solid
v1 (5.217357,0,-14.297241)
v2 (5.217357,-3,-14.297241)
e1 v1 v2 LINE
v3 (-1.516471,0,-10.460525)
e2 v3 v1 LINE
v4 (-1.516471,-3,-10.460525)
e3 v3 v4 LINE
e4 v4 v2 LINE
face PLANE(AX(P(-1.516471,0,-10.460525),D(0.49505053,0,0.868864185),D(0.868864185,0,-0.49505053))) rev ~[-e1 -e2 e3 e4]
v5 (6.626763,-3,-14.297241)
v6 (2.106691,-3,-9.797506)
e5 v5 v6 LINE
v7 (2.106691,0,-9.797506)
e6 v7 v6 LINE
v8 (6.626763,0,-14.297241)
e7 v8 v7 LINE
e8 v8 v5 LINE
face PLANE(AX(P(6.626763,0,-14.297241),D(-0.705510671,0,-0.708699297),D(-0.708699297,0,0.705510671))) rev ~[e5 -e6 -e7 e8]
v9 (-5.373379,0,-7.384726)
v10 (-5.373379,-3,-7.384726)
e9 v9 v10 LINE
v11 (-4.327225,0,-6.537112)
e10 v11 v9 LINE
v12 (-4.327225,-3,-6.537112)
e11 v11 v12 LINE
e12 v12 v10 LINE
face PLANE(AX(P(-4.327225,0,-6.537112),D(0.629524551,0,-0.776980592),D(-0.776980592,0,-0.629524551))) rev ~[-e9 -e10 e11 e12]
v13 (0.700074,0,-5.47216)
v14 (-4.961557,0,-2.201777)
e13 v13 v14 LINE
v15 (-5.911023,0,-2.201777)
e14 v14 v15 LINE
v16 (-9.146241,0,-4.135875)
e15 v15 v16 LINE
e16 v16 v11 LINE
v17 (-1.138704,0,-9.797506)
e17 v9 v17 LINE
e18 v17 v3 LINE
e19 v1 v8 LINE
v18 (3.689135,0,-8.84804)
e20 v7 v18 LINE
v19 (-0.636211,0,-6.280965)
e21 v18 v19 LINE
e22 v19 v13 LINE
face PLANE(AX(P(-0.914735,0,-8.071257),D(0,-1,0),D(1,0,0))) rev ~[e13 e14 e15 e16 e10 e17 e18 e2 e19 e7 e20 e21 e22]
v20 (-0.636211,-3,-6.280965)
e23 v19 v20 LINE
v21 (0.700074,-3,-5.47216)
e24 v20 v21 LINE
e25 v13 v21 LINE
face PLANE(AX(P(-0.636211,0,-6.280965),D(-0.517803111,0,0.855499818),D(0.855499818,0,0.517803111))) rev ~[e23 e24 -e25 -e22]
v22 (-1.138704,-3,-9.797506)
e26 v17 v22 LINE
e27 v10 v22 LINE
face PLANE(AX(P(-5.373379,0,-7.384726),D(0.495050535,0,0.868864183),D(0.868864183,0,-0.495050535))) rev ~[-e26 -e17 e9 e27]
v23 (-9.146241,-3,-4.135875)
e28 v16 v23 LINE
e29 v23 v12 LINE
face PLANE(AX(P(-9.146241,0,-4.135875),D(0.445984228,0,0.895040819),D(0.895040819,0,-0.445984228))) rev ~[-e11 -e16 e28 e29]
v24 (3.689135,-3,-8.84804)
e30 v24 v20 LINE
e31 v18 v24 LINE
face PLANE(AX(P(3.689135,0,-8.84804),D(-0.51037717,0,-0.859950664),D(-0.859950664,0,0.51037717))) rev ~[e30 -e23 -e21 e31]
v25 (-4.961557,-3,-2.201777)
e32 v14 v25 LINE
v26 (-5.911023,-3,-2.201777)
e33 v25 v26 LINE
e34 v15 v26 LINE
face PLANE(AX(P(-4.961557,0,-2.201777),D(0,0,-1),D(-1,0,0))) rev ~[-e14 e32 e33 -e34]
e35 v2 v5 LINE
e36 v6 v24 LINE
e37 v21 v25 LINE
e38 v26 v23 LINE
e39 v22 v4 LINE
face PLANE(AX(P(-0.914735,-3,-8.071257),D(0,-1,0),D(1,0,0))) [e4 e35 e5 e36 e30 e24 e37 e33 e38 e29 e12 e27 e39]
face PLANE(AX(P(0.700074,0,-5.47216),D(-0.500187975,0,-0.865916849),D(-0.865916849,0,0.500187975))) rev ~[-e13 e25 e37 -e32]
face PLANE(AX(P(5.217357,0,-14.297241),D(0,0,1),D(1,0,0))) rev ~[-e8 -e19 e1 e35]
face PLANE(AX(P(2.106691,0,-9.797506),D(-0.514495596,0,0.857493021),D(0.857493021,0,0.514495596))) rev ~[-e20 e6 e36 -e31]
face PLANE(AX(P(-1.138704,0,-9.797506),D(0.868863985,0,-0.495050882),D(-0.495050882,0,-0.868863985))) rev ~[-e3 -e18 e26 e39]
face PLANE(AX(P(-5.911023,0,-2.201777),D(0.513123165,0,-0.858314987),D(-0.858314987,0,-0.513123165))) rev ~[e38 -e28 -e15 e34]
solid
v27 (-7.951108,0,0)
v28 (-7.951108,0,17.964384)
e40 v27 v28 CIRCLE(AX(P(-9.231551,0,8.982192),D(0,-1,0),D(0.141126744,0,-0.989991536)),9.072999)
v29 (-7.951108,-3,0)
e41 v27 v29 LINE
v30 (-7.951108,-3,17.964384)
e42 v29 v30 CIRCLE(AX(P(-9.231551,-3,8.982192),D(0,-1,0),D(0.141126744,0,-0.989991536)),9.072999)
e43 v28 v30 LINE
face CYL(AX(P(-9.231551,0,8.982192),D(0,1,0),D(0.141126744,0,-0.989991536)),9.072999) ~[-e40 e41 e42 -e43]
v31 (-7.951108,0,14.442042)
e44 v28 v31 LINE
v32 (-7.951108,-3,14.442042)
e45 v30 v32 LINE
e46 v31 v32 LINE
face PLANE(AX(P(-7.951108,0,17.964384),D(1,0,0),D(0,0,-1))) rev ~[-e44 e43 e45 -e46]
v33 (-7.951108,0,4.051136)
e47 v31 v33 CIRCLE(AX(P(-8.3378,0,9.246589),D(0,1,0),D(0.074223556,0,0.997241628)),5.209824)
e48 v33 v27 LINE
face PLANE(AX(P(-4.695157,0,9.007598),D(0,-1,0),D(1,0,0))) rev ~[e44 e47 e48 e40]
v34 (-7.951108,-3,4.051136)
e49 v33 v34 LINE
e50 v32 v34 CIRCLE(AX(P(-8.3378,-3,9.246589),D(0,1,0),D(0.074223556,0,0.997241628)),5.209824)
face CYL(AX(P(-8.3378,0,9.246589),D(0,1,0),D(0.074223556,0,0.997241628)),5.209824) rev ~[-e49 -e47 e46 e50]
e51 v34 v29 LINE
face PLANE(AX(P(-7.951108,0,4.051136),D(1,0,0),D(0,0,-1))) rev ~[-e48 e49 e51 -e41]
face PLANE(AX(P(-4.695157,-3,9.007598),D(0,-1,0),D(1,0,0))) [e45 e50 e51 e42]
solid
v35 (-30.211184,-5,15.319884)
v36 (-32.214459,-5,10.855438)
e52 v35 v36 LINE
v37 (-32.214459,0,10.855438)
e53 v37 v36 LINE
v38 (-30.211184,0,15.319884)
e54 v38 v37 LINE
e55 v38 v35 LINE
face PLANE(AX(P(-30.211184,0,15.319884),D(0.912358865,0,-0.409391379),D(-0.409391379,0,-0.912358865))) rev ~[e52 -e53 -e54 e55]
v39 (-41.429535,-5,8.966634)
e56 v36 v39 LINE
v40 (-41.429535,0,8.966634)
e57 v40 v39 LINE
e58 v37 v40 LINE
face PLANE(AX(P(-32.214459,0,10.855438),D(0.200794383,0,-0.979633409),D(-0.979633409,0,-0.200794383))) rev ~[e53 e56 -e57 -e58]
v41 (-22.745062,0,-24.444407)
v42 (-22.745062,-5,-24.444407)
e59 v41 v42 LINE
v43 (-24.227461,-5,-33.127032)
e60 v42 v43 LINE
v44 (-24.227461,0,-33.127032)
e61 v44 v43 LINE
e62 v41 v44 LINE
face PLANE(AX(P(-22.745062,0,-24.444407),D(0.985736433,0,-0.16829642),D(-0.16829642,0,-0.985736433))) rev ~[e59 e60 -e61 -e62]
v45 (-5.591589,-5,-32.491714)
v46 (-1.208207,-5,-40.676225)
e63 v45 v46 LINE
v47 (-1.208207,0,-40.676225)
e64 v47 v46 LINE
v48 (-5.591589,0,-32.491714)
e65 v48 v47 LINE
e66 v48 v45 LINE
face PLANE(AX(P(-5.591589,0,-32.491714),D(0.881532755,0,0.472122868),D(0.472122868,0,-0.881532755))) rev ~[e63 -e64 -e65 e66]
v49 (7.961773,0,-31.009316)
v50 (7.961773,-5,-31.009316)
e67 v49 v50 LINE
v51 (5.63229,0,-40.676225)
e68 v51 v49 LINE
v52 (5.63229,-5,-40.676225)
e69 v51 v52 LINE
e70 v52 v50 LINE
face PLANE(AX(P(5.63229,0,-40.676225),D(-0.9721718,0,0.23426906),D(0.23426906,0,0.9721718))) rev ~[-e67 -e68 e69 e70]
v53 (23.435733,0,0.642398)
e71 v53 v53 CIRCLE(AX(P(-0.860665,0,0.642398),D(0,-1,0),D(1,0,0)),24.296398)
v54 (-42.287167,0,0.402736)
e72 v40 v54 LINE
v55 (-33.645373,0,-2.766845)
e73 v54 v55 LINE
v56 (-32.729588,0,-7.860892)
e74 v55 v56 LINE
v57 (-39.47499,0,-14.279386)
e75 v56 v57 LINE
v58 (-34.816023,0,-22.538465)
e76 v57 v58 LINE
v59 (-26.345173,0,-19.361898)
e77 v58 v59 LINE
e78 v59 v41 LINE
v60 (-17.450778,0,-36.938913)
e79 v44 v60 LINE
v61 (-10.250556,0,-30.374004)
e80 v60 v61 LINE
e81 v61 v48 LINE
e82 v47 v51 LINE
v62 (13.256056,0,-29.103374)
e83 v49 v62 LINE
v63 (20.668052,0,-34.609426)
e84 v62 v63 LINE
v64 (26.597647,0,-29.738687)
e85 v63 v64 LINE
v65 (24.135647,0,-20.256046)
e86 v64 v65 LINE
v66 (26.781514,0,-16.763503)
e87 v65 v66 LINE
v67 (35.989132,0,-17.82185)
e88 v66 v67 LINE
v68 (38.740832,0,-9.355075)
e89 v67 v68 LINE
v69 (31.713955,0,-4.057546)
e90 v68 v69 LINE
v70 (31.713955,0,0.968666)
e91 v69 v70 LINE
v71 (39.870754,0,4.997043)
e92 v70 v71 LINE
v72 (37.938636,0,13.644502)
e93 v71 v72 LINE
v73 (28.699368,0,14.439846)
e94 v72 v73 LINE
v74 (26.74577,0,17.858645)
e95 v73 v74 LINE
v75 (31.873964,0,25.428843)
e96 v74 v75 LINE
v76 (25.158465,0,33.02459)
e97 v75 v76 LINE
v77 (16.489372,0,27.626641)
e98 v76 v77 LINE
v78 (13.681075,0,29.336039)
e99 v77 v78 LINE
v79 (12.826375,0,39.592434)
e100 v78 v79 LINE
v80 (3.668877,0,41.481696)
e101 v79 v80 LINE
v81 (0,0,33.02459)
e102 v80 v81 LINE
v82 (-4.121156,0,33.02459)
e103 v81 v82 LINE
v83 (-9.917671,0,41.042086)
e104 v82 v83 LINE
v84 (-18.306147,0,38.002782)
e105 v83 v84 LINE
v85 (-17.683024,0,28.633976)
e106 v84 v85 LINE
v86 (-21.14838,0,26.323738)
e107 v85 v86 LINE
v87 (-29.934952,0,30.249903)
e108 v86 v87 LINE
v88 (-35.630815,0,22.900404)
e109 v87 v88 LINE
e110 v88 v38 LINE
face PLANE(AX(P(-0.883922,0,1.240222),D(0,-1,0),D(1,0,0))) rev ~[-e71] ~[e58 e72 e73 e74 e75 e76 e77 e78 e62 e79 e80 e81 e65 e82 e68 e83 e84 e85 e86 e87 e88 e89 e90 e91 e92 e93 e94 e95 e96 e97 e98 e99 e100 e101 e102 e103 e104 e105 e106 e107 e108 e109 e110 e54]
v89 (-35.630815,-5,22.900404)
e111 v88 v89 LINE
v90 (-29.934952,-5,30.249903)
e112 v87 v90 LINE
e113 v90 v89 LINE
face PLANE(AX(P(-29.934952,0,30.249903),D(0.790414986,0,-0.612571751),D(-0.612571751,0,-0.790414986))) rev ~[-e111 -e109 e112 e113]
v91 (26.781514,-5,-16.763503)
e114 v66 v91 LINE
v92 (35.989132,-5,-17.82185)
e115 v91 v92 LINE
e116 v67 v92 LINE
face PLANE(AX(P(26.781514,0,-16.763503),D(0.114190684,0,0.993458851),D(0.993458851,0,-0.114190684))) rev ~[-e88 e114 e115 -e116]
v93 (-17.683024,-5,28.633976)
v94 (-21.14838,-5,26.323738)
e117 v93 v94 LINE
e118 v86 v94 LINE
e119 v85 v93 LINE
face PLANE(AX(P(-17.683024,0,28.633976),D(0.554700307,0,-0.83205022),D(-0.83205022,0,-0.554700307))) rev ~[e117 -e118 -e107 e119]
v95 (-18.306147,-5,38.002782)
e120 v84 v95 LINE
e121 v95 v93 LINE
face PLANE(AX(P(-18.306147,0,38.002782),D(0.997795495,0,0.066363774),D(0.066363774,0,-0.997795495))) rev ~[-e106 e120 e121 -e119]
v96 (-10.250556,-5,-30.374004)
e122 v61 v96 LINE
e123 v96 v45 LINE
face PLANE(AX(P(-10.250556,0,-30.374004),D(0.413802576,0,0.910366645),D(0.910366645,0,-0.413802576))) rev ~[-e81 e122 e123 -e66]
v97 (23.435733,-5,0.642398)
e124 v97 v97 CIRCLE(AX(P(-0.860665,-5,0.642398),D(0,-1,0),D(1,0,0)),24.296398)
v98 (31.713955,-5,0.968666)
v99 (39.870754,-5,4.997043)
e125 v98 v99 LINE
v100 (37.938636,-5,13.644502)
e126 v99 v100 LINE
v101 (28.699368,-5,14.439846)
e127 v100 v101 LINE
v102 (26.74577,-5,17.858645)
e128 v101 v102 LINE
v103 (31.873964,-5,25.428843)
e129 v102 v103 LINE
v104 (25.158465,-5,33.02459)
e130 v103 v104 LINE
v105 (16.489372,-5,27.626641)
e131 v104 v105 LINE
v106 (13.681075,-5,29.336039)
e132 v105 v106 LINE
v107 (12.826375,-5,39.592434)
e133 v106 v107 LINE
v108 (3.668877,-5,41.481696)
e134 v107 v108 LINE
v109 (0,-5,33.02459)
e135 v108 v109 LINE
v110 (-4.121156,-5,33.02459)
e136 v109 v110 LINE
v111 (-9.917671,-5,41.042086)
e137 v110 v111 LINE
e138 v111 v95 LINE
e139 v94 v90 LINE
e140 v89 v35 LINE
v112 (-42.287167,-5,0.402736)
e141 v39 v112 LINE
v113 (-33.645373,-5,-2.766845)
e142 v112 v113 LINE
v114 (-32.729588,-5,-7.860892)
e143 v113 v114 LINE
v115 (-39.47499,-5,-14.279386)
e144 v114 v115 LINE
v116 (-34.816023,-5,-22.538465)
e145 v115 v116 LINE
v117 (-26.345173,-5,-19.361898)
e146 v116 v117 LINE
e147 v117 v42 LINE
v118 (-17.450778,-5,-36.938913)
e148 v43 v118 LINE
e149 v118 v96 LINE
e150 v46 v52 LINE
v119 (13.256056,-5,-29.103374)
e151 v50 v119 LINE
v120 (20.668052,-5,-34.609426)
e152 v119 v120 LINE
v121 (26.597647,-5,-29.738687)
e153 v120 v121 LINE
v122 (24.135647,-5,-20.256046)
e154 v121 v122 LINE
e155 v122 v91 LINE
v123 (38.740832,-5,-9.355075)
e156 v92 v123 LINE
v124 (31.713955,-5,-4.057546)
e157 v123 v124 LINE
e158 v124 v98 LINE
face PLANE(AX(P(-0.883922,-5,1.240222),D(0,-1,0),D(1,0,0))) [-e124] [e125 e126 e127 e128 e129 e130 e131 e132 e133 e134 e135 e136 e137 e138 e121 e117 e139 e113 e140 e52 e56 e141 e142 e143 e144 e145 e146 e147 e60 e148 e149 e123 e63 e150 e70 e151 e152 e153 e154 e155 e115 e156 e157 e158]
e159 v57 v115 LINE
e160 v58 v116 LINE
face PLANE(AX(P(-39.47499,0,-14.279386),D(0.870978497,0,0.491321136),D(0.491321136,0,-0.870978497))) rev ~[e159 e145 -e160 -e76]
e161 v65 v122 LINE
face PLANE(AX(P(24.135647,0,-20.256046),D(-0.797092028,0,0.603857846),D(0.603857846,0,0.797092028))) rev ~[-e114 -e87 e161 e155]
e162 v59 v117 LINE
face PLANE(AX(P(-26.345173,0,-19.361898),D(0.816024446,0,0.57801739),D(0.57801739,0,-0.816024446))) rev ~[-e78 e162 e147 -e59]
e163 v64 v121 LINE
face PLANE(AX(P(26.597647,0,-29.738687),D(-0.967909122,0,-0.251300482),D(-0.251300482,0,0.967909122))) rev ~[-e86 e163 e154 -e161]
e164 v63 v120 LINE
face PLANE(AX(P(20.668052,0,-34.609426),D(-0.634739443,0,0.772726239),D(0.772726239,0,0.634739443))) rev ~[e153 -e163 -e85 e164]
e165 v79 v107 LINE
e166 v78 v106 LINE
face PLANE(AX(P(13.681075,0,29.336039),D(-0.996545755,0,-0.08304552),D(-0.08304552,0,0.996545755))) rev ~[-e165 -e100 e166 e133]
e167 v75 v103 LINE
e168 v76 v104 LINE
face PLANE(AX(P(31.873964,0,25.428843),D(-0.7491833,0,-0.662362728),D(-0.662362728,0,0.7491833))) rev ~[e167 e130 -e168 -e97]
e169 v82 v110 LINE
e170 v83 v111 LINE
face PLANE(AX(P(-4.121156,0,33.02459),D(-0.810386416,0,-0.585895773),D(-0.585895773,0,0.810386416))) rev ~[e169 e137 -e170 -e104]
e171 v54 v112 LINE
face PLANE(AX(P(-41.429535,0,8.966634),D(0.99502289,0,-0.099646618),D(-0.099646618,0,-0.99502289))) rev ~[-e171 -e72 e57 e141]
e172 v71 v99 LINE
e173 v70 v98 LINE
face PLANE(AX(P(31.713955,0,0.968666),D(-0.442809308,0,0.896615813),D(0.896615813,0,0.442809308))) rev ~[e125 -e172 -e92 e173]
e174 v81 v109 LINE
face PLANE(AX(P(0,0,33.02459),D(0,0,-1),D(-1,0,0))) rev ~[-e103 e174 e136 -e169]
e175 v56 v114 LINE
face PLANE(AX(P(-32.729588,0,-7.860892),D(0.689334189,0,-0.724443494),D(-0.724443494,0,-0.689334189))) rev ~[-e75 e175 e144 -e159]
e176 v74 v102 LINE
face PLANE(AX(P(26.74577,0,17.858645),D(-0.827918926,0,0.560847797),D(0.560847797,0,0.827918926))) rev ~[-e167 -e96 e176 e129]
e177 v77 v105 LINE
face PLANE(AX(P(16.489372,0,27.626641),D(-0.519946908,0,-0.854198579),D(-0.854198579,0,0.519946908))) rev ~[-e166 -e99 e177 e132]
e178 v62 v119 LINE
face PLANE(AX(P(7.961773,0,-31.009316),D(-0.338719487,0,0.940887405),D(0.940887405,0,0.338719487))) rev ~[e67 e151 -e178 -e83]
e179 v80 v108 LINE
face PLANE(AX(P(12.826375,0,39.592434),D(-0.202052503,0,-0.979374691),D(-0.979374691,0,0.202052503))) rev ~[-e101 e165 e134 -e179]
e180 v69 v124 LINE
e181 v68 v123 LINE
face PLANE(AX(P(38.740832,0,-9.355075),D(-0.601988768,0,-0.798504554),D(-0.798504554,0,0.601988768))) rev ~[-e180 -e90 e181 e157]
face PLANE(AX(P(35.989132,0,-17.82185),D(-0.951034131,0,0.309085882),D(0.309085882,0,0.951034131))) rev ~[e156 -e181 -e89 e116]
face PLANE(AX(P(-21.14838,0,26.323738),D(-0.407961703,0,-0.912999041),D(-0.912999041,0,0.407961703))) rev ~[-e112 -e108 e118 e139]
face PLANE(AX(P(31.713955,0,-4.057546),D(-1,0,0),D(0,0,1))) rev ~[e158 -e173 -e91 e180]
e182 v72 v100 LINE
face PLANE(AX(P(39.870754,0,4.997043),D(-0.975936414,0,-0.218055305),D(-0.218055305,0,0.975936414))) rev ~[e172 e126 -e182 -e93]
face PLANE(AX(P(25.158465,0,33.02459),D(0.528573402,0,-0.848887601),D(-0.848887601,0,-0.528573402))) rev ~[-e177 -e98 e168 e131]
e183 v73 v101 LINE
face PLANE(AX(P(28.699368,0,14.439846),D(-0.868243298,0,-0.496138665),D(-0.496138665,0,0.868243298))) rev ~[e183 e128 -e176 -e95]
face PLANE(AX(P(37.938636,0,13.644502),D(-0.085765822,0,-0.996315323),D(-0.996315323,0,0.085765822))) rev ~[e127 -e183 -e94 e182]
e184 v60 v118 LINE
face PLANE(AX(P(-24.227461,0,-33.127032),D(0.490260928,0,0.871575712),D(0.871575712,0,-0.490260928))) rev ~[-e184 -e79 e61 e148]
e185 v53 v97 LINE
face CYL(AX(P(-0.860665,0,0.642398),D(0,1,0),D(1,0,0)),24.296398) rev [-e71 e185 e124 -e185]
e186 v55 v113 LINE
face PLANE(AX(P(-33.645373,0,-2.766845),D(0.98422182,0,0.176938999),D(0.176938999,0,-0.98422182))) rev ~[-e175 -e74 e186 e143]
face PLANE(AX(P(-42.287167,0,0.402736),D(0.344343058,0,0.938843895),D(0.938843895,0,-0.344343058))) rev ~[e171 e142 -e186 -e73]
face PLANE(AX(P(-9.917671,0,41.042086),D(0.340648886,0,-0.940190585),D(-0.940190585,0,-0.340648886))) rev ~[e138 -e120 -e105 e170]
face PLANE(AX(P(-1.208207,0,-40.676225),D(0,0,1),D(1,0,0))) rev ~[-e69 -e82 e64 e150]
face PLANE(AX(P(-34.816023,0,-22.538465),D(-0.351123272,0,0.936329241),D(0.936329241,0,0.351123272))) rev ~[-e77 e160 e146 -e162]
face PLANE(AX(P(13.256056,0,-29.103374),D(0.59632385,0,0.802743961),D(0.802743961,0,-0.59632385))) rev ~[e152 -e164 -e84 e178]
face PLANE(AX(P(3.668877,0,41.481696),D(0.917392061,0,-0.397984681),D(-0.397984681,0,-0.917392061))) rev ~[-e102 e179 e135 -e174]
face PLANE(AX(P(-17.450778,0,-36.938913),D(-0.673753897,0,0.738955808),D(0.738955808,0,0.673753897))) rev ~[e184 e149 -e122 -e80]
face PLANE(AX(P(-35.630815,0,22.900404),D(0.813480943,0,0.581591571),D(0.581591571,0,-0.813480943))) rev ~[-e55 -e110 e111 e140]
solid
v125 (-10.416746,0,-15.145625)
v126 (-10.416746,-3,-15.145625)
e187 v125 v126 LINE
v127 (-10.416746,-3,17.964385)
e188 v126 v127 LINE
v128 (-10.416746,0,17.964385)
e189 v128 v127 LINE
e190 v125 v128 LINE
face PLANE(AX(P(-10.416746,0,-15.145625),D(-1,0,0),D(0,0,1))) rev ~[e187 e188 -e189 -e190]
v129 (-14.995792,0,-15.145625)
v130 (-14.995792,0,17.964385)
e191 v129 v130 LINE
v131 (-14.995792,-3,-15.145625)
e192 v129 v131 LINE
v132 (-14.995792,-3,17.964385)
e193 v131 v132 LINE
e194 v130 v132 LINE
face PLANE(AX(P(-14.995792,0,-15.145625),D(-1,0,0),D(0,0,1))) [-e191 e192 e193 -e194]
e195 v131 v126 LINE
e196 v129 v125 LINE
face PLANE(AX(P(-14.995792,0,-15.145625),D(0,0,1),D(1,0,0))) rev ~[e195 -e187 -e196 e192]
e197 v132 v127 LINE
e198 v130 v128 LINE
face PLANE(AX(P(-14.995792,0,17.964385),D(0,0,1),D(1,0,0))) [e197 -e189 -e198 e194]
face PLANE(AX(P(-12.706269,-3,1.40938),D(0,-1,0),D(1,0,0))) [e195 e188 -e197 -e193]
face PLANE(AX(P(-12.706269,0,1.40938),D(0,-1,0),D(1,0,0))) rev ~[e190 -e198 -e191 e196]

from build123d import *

# Parameters (mm, degrees)
F0_R     = 24.296398
F1_DEPTH = 5
F2_W     = 4.579046
F2_H     = 33.110009
F3_DEPTH = 3


with BuildPart() as f1:
    # F0 (on Front) → F1 (new body)
    with BuildSketch(Plane.XZ):
        Polygon((-21.14838, 26.323738), (-29.934952, 30.249903), (-35.630815, 22.900404), (-30.211184, 15.319884), (-32.214459, 10.855438), (-41.429535, 8.966634), (-42.287167, 0.402736), (-33.645373, -2.766845), (-32.729588, -7.860892), (-39.47499, -14.279386), (-34.816023, -22.538465), (-26.345173, -19.361898), (-22.745062, -24.444407), (-24.227461, -33.127032), (-17.450778, -36.938913), (-10.250556, -30.374004), (-5.591589, -32.491714), (-1.208207, -40.676225), (5.63229, -40.676225), (7.961773, -31.009316), (13.256056, -29.103374), (20.668052, -34.609426), (26.597647, -29.738687), (24.135647, -20.256046), (26.781514, -16.763503), (35.989132, -17.82185), (38.740832, -9.355075), (31.713955, -4.057546), (31.713955, 0.968666), (39.870754, 4.997043), (37.938636, 13.644502), (28.699368, 14.439846), (26.74577, 17.858645), (31.873964, 25.428843), (25.158465, 33.02459), (16.489372, 27.626641), (13.681075, 29.336039), (12.826375, 39.592434), (3.668877, 41.481696), (0, 33.02459), (-4.121156, 33.02459), (-9.917671, 41.042086), (-18.306147, 38.002782), (-17.683024, 28.633976), align=None)
        with Locations((-0.860665, 0.642398)):
            Circle(F0_R, mode=Mode.SUBTRACT)
    extrude(amount=F1_DEPTH)


with BuildPart() as f3:
    # F2 (on Front) → F3 (new body)
    with BuildSketch(Plane.XZ):
        with Locations((-12.706269, 1.40938)):
            Rectangle(F2_W, F2_H)
        with BuildLine():
            Line((-7.951108, 4.051136), (-7.951108, 0))
            ThreePointArc((-7.951108, 0), (-0.158552, 8.982192), (-7.951108, 17.964384))
            Line((-7.951108, 17.964384), (-7.951108, 14.442042))
            ThreePointArc((-7.951108, 14.442042), (-3.127976, 9.246589), (-7.951108, 4.051136))
        make_face()
        Polygon((-5.911023, -2.201777), (-9.146241, -4.135875), (-4.327225, -6.537112), (-5.373379, -7.384726), (-1.138704, -9.797506), (-1.516471, -10.460525), (5.217357, -14.297241), (6.626763, -14.297241), (2.106691, -9.797506), (3.689135, -8.84804), (-0.636211, -6.280965), (0.700074, -5.47216), (-4.961557, -2.201777), align=None)
    extrude(amount=F3_DEPTH)


solid = Compound([f1.part, f3.part])
